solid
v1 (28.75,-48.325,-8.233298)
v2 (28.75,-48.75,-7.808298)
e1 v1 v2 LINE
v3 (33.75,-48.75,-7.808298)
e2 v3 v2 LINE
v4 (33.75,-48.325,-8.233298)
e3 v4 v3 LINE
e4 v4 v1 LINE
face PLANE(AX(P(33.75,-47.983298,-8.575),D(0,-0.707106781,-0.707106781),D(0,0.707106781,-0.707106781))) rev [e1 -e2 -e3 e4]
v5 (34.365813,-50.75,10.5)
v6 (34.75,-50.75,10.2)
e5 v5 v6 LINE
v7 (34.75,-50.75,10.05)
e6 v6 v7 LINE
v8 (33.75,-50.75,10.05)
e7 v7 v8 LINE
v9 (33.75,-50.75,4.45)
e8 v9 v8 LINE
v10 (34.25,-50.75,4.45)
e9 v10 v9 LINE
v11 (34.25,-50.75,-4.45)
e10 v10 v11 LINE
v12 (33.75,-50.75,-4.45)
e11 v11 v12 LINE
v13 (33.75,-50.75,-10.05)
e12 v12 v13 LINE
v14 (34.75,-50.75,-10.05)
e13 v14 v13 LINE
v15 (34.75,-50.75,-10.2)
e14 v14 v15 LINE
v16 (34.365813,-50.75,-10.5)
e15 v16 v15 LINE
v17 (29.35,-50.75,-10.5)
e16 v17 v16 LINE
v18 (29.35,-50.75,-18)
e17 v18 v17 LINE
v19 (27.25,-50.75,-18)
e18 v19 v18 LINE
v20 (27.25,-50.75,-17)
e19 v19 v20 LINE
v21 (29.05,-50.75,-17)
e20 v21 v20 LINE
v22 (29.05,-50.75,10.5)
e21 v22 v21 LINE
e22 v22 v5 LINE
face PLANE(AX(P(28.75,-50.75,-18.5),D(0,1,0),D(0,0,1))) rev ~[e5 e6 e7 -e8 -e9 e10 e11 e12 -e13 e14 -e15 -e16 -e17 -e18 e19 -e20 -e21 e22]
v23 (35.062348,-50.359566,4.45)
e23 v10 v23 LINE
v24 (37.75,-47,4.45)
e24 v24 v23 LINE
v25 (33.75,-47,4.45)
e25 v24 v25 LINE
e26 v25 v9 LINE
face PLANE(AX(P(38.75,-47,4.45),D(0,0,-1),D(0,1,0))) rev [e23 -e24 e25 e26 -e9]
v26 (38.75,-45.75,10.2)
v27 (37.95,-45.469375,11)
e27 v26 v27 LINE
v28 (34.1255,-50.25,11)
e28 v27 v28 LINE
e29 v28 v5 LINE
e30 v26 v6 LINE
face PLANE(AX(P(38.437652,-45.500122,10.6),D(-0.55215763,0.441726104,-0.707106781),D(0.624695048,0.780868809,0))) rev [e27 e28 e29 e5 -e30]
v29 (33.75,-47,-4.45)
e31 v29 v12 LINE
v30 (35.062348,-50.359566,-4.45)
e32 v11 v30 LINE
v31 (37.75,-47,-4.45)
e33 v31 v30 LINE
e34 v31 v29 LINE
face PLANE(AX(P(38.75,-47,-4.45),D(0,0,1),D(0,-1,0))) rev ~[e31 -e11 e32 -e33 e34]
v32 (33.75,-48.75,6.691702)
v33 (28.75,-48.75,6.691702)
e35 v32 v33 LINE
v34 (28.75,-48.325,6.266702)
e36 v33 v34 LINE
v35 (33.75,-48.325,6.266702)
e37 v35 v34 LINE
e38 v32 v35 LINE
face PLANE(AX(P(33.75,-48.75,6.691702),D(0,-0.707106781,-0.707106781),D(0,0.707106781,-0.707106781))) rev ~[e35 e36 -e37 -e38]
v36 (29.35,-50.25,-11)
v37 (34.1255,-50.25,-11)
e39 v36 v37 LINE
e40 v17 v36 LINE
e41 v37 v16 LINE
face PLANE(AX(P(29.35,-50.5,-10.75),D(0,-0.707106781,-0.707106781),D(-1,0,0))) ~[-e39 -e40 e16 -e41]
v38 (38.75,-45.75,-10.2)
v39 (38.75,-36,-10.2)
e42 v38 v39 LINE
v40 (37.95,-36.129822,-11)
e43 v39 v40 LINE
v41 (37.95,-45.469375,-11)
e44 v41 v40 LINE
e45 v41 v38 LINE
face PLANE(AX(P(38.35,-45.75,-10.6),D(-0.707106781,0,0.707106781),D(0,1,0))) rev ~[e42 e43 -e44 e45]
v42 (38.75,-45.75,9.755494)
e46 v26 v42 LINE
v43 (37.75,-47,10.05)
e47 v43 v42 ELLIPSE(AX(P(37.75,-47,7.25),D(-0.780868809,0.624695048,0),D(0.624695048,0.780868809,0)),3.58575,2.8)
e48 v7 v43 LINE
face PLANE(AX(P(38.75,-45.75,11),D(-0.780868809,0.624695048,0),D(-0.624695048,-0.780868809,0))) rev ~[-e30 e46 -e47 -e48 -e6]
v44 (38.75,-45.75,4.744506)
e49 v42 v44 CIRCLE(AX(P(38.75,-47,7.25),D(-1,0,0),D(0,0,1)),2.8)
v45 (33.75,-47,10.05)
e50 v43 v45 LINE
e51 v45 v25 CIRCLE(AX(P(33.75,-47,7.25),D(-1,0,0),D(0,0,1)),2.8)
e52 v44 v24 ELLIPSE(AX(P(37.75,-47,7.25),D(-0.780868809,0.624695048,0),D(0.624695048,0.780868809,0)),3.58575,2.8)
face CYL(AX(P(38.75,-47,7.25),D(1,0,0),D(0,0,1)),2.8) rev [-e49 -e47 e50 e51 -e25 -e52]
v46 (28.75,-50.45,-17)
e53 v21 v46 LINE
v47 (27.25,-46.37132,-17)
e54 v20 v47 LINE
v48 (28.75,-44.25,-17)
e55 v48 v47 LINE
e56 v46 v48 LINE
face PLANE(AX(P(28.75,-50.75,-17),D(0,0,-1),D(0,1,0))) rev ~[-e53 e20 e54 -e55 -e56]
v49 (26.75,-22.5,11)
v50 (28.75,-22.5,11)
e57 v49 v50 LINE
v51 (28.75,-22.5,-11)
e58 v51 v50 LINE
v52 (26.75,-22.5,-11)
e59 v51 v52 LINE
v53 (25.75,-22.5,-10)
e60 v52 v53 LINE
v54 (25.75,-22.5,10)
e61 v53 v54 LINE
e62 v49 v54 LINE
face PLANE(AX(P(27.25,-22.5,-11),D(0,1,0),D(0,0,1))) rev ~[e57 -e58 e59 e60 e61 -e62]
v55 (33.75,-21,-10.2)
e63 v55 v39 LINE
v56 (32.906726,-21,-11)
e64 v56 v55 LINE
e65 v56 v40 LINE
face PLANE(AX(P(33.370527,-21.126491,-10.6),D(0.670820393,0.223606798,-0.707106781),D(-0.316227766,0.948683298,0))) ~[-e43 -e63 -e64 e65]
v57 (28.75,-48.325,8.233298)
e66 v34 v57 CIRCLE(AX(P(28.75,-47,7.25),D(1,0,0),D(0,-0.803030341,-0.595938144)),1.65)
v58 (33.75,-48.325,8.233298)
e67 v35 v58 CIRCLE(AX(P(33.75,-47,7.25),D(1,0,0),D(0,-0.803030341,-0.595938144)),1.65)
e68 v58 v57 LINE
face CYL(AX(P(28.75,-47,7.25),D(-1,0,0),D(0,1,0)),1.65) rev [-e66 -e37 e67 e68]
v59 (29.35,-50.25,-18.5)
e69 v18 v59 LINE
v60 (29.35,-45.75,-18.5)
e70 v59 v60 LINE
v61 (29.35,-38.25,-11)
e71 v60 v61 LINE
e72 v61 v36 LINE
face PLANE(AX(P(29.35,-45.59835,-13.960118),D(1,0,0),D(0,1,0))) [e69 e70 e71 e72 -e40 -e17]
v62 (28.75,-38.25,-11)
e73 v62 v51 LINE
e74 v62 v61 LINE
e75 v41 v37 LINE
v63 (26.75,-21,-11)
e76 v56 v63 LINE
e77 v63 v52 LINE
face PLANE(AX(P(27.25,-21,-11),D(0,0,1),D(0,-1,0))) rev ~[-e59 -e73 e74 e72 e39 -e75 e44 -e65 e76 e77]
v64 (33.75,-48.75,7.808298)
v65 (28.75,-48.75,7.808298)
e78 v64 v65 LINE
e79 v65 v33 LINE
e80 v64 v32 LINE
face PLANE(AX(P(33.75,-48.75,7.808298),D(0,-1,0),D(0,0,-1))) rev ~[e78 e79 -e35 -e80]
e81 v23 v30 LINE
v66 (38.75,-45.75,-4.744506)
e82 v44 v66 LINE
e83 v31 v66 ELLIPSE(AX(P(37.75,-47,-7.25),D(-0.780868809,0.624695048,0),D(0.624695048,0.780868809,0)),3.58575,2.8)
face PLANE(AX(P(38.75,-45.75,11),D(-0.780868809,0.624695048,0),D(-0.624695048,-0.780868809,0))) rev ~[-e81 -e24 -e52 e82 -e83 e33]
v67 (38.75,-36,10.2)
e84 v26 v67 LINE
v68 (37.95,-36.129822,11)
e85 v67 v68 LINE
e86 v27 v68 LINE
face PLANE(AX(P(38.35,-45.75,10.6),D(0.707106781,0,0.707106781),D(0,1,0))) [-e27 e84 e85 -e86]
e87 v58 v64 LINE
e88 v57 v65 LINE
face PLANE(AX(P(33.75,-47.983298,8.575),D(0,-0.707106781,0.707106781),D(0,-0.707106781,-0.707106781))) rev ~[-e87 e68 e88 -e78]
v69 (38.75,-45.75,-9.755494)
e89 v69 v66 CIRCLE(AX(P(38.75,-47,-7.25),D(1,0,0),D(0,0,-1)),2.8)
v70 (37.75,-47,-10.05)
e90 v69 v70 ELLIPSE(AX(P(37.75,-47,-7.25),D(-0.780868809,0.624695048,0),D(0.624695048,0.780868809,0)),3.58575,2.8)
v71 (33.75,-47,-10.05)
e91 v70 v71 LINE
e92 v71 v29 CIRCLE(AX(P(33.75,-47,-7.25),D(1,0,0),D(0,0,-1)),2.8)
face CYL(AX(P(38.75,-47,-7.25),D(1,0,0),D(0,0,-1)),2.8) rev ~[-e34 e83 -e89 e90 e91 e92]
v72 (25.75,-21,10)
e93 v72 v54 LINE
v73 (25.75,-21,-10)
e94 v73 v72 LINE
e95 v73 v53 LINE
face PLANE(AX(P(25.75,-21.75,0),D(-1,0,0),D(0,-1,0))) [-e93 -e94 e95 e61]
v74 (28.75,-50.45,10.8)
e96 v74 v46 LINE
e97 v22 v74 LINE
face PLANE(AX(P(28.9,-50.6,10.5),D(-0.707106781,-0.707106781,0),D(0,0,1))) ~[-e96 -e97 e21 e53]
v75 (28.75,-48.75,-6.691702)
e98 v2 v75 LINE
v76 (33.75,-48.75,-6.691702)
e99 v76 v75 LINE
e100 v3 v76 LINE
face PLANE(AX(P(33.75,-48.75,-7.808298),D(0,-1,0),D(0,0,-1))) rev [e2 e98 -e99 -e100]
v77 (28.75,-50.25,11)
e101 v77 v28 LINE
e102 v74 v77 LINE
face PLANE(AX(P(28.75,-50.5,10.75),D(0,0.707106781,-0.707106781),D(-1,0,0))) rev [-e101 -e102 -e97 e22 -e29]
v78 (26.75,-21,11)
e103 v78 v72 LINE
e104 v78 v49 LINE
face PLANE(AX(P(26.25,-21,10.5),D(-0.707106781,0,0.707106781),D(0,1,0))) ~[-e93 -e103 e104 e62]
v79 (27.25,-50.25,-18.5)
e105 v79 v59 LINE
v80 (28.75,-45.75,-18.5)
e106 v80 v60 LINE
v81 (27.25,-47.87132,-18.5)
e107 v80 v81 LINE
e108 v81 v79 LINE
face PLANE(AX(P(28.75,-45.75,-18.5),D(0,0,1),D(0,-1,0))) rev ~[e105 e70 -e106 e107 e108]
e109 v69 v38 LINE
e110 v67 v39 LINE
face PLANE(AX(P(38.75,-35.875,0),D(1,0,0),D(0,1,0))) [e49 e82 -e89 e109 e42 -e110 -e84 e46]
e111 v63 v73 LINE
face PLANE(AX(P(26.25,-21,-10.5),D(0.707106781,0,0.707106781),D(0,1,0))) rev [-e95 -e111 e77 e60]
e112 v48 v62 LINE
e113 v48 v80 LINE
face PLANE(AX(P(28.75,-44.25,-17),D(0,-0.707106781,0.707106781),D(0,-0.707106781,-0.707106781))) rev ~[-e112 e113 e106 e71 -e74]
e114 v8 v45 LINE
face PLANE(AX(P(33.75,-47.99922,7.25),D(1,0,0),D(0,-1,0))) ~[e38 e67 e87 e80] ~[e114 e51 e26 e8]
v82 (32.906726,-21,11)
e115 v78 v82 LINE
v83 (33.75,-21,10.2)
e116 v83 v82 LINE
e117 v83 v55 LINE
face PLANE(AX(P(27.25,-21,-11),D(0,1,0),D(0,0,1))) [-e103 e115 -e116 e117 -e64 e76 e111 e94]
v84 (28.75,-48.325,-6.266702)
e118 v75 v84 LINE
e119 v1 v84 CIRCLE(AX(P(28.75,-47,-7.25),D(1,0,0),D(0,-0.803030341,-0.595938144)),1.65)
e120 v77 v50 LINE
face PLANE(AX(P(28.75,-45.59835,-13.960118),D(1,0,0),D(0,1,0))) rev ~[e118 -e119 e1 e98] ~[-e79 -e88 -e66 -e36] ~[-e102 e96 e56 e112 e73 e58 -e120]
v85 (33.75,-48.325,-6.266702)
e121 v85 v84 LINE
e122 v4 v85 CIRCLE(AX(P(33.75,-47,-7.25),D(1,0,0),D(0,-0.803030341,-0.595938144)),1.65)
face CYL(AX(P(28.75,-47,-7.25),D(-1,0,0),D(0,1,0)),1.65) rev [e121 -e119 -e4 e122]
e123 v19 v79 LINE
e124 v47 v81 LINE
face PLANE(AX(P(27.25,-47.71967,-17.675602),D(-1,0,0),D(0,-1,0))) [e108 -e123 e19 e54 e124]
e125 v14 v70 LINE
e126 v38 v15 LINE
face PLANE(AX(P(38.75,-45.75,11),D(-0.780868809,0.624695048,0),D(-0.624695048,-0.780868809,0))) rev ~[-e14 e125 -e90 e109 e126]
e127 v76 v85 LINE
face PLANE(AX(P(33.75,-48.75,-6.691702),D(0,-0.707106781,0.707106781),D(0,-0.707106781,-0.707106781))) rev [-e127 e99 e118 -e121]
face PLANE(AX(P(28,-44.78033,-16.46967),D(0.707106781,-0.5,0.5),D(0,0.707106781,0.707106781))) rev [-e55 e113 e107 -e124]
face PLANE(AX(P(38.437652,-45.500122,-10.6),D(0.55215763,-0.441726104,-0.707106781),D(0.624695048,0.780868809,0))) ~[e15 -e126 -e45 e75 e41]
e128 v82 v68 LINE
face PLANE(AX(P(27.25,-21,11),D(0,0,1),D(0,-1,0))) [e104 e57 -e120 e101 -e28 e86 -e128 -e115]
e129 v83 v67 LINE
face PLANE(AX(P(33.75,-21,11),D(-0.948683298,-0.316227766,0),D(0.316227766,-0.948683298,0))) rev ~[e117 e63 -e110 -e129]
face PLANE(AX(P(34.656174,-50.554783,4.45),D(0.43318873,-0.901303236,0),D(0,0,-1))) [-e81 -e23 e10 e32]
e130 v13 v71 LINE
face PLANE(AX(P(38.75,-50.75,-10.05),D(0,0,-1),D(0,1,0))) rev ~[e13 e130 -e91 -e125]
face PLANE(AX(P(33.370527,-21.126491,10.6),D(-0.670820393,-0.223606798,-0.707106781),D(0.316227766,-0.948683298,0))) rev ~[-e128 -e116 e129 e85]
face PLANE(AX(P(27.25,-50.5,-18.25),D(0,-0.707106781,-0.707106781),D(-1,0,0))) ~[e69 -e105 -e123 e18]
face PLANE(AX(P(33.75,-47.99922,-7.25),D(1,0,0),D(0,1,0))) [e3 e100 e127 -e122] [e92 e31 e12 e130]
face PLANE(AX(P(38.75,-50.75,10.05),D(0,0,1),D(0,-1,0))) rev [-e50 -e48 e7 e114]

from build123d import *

# Parameters (mm, degrees)
SKETCH015_W     = 29.75
SKETCH015_H     = 22
SKETCH015_R     = 1.65
PAD005_DEPTH    = 10
SKETCH016_W     = 1.5
SKETCH016_H     = 22
PAD006_DEPTH    = 1.5
PAD007_DEPTH    = 0.6
PAD008_DEPTH    = 1.5
CHAMFER006_SIZE = 1.5
POCKET009_DEPTH = 5
POCKET010_DEPTH = 93.393175
POCKET011_DEPTH = 29.501
POCKET012_DEPTH = 29.501
CHAMFER007_SIZE = 0.5
CHAMFER008_SIZE = 0.5
CHAMFER009_SIZE = 0.8
CHAMFER010_SIZE = 0.5
CHAMFER011_SIZE = 0.3
CHAMFER012_SIZE = 0.5
SKETCH030_W     = 1.5
SKETCH030_H     = 22
PAD012_DEPTH    = 1.5
CHAMFER019_SIZE = 1


with BuildPart() as part:
    # Sketch015 (on Face1 of ShapeBinder008) → Pad005 (new body)
    with BuildSketch(Plane.YZ.offset(28.75)):
        with Locations((-35.875, 0)):
            Rectangle(SKETCH015_W, SKETCH015_H)
        with Locations((-47, 7.25)):
            Circle(SKETCH015_R, mode=Mode.SUBTRACT)
        with Locations((-47, -7.25)):
            Circle(SKETCH015_R, mode=Mode.SUBTRACT)
    extrude(amount=PAD005_DEPTH)

    # Sketch016 (on Face7 of Pad005) → Pad006 (join)
    with BuildSketch(Plane(origin=(28.75, 0, 0), x_dir=(0, -1, 0), z_dir=(-1, 0, 0))):
        with Locations((21.75, 0)):
            Rectangle(SKETCH016_W, SKETCH016_H)
    extrude(amount=PAD006_DEPTH)

    # Sketch017 (on Face2 of Pad006) → Pad007 (join)
    with BuildSketch(Plane(origin=(28.75, 0, 0), x_dir=(0, -1, 0), z_dir=(-1, 0, 0))):
        Polygon((50.75, -11), (50.75, -18.5), (45.75, -18.5), (38.25, -11), align=None)
    extrude(amount=-PAD007_DEPTH)

    # Sketch018 (on Face13 of Pad007) → Pad008 (join)
    with BuildSketch(Plane(origin=(28.75, 0, 0), x_dir=(0, -1, 0), z_dir=(-1, 0, 0))):
        Polygon((50.75, -18.5), (50.75, -17), (44.25, -17), (45.75, -18.5), align=None)
    extrude(amount=PAD008_DEPTH)

    # Chamfer006
    chamfer006_edges = [part.edges().sort_by_distance(p)[0] for p in [
        (27.25, -45, -17.75),
    ]]
    chamfer(chamfer006_edges, length=CHAMFER006_SIZE)

    # Sketch019 (on Face9 of Chamfer006) → Pocket009 (cut)
    with BuildSketch(Plane.YZ.offset(38.75)):
        with BuildLine():
            ThreePointArc((-47, -10.05), (-44.2, -7.25), (-47, -4.45))
            Line((-47, -4.45), (-50.75, -4.45))
            Line((-50.75, -4.45), (-50.75, -10.05))
            Line((-50.75, -10.05), (-47, -10.05))
        make_face()
    pocket009 = extrude(amount=-POCKET009_DEPTH, mode=Mode.SUBTRACT)

    # Mirrored002: Pocket009 across XY
    add(pocket009.mirror(Plane.XY), mode=Mode.SUBTRACT)

    # Sketch020 (on Face12 of Mirrored002) → Pocket010 (cut, through all)
    with BuildSketch(Plane.YZ.offset(33.75)):
        Polygon((-47.983298, 8.575), (-48.75, 7.808298), (-48.75, 6.691702), (-47.983298, 5.925), align=None)
    pocket010 = extrude(amount=-POCKET010_DEPTH, mode=Mode.SUBTRACT)

    # Mirrored003: Pocket010 across XY
    add(pocket010.mirror(Plane.XY), mode=Mode.SUBTRACT)

    # Sketch021 (on Face9 of Mirrored003) → Pocket011 (cut, through all)
    with BuildSketch(Plane(origin=(0, 0, 11), x_dir=(0, -1, 0), z_dir=(0, 0, 1))):
        Polygon((45.75, 38.75), (50.75, 34.75), (50.75, 38.75), align=None)
    extrude(amount=-POCKET011_DEPTH, mode=Mode.SUBTRACT)

    # Sketch022 (on Face9 of Pocket011) → Pocket012 (cut, through all)
    with BuildSketch(Plane(origin=(0, 0, 11), x_dir=(0, -1, 0), z_dir=(0, 0, 1))):
        Polygon((21, 33.75), (36, 38.75), (21, 38.75), align=None)
    extrude(amount=-POCKET012_DEPTH, mode=Mode.SUBTRACT)

    # Chamfer007
    chamfer007_edges = [part.edges().sort_by_distance(p)[0] for p in [
        (31.75, -50.75, 11),
    ]]
    chamfer(chamfer007_edges, length=CHAMFER007_SIZE)

    # Chamfer008
    chamfer008_edges = [part.edges().sort_by_distance(p)[0] for p in [
        (32.05, -50.75, -11),
    ]]
    chamfer(chamfer008_edges, length=CHAMFER008_SIZE)

    # Chamfer009
    chamfer009_edges = [part.edges().sort_by_distance(p)[0] for p in [
        (36.95, -48, -11),
        (38.75, -40.875, -11),
        (36.25, -28.5, -11),
        (36.25, -28.5, 11),
        (38.75, -40.875, 11),
        (36.95, -48, 11),
    ]]
    chamfer(chamfer009_edges, length=CHAMFER009_SIZE)

    # Chamfer010
    chamfer010_edges = [part.edges().sort_by_distance(p)[0] for p in [
        (34.75, -50.75, 0),
    ]]
    chamfer(chamfer010_edges, length=CHAMFER010_SIZE)

    # Chamfer011
    chamfer011_edges = [part.edges().sort_by_distance(p)[0] for p in [
        (28.75, -50.75, -3.25),
    ]]
    chamfer(chamfer011_edges, length=CHAMFER011_SIZE)

    # Chamfer012
    chamfer012_edges = [part.edges().sort_by_distance(p)[0] for p in [
        (28.3, -50.75, -18.5),
    ]]
    chamfer(chamfer012_edges, length=CHAMFER012_SIZE)

    # Sketch030 (on Face43 of Chamfer012) → Pad012 (join)
    with BuildSketch(Plane(origin=(27.25, 0, 0), x_dir=(0, -1, 0), z_dir=(-1, 0, 0))):
        with Locations((21.75, 0)):
            Rectangle(SKETCH030_W, SKETCH030_H)
    extrude(amount=PAD012_DEPTH)

    # Chamfer019
    chamfer019_edges = [part.edges().sort_by_distance(p)[0] for p in [
        (25.75, -21.75, -11),
        (25.75, -21.75, 11),
    ]]
    chamfer(chamfer019_edges, length=CHAMFER019_SIZE)


solid = part.part
